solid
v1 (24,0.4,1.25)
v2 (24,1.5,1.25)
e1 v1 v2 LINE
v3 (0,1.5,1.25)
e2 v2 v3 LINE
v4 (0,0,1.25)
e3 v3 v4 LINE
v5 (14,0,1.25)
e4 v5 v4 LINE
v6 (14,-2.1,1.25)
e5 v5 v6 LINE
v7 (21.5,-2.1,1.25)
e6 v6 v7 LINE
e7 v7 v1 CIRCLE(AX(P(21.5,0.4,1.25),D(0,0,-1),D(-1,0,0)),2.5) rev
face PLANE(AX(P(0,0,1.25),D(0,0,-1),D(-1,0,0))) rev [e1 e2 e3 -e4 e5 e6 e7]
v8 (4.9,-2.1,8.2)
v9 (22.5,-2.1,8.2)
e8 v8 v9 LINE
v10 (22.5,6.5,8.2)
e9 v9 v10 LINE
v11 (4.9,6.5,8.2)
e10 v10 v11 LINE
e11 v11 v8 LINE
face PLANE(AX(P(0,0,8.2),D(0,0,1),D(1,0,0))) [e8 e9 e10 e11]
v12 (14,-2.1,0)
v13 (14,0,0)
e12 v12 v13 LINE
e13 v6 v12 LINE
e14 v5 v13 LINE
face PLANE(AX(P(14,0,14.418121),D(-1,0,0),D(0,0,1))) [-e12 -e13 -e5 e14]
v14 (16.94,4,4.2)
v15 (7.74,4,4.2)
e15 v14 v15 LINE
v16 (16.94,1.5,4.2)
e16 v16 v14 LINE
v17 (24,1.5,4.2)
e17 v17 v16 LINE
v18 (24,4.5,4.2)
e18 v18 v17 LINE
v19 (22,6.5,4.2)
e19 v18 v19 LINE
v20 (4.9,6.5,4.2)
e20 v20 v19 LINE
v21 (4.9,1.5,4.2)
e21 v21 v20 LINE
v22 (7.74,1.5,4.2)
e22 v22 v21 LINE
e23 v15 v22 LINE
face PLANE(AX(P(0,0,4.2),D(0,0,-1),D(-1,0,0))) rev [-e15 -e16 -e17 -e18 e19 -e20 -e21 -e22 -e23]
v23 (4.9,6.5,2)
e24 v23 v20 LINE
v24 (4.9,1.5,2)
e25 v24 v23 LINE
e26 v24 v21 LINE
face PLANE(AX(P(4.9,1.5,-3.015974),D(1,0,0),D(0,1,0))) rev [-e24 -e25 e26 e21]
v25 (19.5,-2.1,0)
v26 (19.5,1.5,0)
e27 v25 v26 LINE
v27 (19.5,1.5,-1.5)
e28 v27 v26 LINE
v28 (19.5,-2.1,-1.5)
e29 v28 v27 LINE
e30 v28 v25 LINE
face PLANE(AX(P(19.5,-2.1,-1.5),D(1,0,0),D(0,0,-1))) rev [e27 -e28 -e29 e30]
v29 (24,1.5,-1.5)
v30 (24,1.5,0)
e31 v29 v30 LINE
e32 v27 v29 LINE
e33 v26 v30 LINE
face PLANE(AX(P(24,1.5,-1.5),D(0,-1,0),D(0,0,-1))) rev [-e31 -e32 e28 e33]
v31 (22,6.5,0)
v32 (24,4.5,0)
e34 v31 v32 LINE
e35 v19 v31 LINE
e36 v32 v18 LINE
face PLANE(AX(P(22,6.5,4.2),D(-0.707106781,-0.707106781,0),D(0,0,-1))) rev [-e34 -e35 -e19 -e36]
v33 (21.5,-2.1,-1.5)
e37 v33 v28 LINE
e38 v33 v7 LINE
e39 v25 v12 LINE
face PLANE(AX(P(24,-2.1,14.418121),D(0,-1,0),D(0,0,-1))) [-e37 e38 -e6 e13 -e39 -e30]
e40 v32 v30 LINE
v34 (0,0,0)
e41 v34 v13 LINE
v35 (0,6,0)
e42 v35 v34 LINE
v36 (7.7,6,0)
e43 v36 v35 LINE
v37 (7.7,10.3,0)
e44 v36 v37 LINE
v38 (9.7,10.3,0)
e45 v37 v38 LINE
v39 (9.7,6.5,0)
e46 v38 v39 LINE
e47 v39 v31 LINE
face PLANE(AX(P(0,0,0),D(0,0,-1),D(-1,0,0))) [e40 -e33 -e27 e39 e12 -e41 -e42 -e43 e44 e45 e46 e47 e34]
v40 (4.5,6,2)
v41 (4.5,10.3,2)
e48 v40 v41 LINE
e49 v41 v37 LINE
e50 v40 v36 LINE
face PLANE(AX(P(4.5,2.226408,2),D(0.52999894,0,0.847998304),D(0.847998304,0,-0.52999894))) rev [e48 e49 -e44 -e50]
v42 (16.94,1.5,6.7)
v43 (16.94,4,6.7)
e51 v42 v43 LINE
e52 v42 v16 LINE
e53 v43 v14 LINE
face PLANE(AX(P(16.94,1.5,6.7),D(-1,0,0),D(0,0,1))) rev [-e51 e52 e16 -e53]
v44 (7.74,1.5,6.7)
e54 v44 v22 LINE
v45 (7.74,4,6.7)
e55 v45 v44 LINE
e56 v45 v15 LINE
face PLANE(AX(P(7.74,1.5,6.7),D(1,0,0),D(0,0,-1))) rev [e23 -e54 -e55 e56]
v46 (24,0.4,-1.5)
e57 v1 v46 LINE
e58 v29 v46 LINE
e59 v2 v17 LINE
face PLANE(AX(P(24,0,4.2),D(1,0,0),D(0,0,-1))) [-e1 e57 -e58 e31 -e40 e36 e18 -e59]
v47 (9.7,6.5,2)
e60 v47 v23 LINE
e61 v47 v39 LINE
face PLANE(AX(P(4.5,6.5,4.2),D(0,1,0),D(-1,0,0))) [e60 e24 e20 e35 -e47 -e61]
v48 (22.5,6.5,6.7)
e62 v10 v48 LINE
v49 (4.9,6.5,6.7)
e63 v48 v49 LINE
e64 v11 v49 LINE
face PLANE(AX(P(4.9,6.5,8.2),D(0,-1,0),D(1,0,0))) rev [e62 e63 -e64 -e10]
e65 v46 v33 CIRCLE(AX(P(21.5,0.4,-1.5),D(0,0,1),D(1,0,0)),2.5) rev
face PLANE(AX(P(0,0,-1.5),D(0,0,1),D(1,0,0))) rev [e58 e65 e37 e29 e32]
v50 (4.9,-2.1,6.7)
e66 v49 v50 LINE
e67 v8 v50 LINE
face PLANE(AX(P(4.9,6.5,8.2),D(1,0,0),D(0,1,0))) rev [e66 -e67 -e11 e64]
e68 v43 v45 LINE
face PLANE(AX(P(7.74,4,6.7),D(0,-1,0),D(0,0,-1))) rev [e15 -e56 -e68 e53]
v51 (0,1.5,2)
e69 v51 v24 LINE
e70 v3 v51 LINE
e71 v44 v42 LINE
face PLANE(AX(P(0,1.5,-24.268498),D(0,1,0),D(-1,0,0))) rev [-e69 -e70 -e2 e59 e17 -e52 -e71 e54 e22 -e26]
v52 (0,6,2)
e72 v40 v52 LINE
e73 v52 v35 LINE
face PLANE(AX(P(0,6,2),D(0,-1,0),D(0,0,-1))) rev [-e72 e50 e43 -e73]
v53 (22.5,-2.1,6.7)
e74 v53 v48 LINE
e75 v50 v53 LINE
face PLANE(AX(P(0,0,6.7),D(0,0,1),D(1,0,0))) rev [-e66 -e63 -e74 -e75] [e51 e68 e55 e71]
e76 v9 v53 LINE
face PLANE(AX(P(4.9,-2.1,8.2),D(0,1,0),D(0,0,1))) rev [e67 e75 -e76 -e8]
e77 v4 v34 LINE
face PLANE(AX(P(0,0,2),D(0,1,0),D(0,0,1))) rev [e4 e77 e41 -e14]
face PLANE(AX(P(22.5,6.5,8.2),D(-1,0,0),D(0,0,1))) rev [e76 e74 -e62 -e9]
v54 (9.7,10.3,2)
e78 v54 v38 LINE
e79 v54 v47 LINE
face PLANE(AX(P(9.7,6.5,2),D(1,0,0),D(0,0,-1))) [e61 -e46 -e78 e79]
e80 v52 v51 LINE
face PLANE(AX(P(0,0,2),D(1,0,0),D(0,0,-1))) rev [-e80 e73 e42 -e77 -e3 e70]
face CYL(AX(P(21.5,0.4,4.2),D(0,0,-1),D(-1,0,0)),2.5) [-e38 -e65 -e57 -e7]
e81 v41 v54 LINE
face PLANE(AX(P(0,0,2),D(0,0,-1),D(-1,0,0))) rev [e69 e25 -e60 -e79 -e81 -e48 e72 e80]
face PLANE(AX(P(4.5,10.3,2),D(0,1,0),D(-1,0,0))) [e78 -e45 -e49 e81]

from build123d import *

# Parameters (mm, degrees)
SKETCH_1_W          = 4.5
SKETCH_1_H          = 6
EXTRUDE_1_DEPTH     = 2
SKETCH_2_W          = 19.5
SKETCH_2_H          = 6.5
EXTRUDE_2_DEPTH     = 4.2
SKETCH_4_W          = 10
SKETCH_4_H          = 2.1
EXTRUDE_3_DEPTH     = 4.2
SKETCH_5_W          = 24
SKETCH_5_H          = 3.6
CUT_EXTRUDE_1_DEPTH = 2.95
SKETCH_3_W          = 4.5
SKETCH_3_H          = 3.6
EXTRUDE_4_DEPTH     = 1.5
SKETCH_7_W          = 5.2
SKETCH_7_H          = 3.8
EXTRUDE_5_DEPTH     = 2
CUT_EXTRUDE_2_REACH = 29.339
SKETCH_9_W          = 0.4
SKETCH_9_H          = 5
CUT_EXTRUDE_3_DEPTH = 2.2
FILLET_1_R          = 2.5
CHAMFER_1_SIZE      = 2
SKETCH_10_W         = 9.2
SKETCH_10_H         = 2.5
EXTRUDE_6_DEPTH     = 2.5
SKETCH_11_W         = 17.6
SKETCH_11_H         = 8.6
EXTRUDE_7_DEPTH     = 1.5


with BuildPart() as part:
    # 草图1 → 凸台-拉伸1 (new body)
    with BuildSketch(Plane.XY):
        with Locations((2.25, 3)):
            Rectangle(SKETCH_1_W, SKETCH_1_H)
    extrude(amount=EXTRUDE_1_DEPTH)

    # 草图2 → 凸台-拉伸2 (add)
    with BuildSketch(Plane(origin=(0, 0, 0), x_dir=(-1, 0, 0), z_dir=(0, 0, -1))):
        with Locations((-14.25, 3.25)):
            Rectangle(SKETCH_2_W, SKETCH_2_H)
    extrude(amount=-EXTRUDE_2_DEPTH)

    # 草图4 → 凸台-拉伸3 (add)
    with BuildSketch(Plane(origin=(0, 0, 0), x_dir=(-1, 0, 0), z_dir=(0, 0, -1))):
        with Locations((-19, -1.05)):
            Rectangle(SKETCH_4_W, SKETCH_4_H)
    extrude(amount=-EXTRUDE_3_DEPTH)

    # 草图5 → 切除-拉伸1 (cut)
    with BuildSketch(Plane.XY.offset(4.2)):
        with Locations((12, -0.3)):
            Rectangle(SKETCH_5_W, SKETCH_5_H)
    extrude(amount=-CUT_EXTRUDE_1_DEPTH, mode=Mode.SUBTRACT)

    # 草图3 → 凸台-拉伸4 (add)
    with BuildSketch(Plane(origin=(0, 0, 0), x_dir=(-1, 0, 0), z_dir=(0, 0, -1))):
        with Locations((-21.75, -0.3)):
            Rectangle(SKETCH_3_W, SKETCH_3_H)
    extrude(amount=EXTRUDE_4_DEPTH)

    # 草图7 → 凸台-拉伸5 (add)
    with BuildSketch(Plane(origin=(0, 0, 0), x_dir=(-1, 0, 0), z_dir=(0, 0, -1))):
        with Locations((-7.1, 8.4)):
            Rectangle(SKETCH_7_W, SKETCH_7_H)
    extrude(amount=-EXTRUDE_5_DEPTH)

    # 切除-拉伸2: up to this face of the body (flat: up to its plane)
    cut_extrude_2_end = Plane(part.part.faces().sort_by_distance((2.25, 6, 1))[0])
    # 草图8 → 切除-拉伸2 (cut, up to the picked face)
    with BuildSketch(Plane(origin=(0, 10.3, 0), x_dir=(1, 0, 0), z_dir=(0, 1, 0)), mode=Mode.PRIVATE) as cut_extrude_2_sk1:
        Polygon((4.5, -2), (7.7, 0), (4.5, 0), align=None)
    cut_extrude_2_tool1 = split(extrude(cut_extrude_2_sk1.sketch, amount=-CUT_EXTRUDE_2_REACH, mode=Mode.PRIVATE), bisect_by=cut_extrude_2_end, keep=Keep.BOTH, mode=Mode.PRIVATE)
    add(cut_extrude_2_tool1.solids().sort_by(Axis((5.566667, 10.3, 0.666667), (0, -1, 0)))[0], mode=Mode.SUBTRACT)

    # 草图9 → 切除-拉伸3 (cut)
    with BuildSketch(Plane.XY.offset(4.2)):
        with Locations((4.7, 4)):
            Rectangle(SKETCH_9_W, SKETCH_9_H)
    extrude(amount=-CUT_EXTRUDE_3_DEPTH, mode=Mode.SUBTRACT)

    # 圆角1
    fillet_1_edges = [part.edges().sort_by_distance(p)[0] for p in [
        (24, -2.1, -0.125),
    ]]
    fillet(fillet_1_edges, radius=FILLET_1_R)

    # 倒角1
    chamfer_1_edges = [part.edges().sort_by_distance(p)[0] for p in [
        (24, 6.5, 2.1),
    ]]
    chamfer(chamfer_1_edges, length=CHAMFER_1_SIZE)

    # 草图10 → 凸台-拉伸6 (add)
    with BuildSketch(Plane.XY.offset(4.2)):
        with Locations((12.34, 2.75)):
            Rectangle(SKETCH_10_W, SKETCH_10_H)
    extrude(amount=EXTRUDE_6_DEPTH)

    # 草图11 → 凸台-拉伸7 (add)
    with BuildSketch(Plane.XY.offset(6.7)):
        with Locations((13.7, 2.2)):
            Rectangle(SKETCH_11_W, SKETCH_11_H)
    extrude(amount=EXTRUDE_7_DEPTH)


solid = part.part
